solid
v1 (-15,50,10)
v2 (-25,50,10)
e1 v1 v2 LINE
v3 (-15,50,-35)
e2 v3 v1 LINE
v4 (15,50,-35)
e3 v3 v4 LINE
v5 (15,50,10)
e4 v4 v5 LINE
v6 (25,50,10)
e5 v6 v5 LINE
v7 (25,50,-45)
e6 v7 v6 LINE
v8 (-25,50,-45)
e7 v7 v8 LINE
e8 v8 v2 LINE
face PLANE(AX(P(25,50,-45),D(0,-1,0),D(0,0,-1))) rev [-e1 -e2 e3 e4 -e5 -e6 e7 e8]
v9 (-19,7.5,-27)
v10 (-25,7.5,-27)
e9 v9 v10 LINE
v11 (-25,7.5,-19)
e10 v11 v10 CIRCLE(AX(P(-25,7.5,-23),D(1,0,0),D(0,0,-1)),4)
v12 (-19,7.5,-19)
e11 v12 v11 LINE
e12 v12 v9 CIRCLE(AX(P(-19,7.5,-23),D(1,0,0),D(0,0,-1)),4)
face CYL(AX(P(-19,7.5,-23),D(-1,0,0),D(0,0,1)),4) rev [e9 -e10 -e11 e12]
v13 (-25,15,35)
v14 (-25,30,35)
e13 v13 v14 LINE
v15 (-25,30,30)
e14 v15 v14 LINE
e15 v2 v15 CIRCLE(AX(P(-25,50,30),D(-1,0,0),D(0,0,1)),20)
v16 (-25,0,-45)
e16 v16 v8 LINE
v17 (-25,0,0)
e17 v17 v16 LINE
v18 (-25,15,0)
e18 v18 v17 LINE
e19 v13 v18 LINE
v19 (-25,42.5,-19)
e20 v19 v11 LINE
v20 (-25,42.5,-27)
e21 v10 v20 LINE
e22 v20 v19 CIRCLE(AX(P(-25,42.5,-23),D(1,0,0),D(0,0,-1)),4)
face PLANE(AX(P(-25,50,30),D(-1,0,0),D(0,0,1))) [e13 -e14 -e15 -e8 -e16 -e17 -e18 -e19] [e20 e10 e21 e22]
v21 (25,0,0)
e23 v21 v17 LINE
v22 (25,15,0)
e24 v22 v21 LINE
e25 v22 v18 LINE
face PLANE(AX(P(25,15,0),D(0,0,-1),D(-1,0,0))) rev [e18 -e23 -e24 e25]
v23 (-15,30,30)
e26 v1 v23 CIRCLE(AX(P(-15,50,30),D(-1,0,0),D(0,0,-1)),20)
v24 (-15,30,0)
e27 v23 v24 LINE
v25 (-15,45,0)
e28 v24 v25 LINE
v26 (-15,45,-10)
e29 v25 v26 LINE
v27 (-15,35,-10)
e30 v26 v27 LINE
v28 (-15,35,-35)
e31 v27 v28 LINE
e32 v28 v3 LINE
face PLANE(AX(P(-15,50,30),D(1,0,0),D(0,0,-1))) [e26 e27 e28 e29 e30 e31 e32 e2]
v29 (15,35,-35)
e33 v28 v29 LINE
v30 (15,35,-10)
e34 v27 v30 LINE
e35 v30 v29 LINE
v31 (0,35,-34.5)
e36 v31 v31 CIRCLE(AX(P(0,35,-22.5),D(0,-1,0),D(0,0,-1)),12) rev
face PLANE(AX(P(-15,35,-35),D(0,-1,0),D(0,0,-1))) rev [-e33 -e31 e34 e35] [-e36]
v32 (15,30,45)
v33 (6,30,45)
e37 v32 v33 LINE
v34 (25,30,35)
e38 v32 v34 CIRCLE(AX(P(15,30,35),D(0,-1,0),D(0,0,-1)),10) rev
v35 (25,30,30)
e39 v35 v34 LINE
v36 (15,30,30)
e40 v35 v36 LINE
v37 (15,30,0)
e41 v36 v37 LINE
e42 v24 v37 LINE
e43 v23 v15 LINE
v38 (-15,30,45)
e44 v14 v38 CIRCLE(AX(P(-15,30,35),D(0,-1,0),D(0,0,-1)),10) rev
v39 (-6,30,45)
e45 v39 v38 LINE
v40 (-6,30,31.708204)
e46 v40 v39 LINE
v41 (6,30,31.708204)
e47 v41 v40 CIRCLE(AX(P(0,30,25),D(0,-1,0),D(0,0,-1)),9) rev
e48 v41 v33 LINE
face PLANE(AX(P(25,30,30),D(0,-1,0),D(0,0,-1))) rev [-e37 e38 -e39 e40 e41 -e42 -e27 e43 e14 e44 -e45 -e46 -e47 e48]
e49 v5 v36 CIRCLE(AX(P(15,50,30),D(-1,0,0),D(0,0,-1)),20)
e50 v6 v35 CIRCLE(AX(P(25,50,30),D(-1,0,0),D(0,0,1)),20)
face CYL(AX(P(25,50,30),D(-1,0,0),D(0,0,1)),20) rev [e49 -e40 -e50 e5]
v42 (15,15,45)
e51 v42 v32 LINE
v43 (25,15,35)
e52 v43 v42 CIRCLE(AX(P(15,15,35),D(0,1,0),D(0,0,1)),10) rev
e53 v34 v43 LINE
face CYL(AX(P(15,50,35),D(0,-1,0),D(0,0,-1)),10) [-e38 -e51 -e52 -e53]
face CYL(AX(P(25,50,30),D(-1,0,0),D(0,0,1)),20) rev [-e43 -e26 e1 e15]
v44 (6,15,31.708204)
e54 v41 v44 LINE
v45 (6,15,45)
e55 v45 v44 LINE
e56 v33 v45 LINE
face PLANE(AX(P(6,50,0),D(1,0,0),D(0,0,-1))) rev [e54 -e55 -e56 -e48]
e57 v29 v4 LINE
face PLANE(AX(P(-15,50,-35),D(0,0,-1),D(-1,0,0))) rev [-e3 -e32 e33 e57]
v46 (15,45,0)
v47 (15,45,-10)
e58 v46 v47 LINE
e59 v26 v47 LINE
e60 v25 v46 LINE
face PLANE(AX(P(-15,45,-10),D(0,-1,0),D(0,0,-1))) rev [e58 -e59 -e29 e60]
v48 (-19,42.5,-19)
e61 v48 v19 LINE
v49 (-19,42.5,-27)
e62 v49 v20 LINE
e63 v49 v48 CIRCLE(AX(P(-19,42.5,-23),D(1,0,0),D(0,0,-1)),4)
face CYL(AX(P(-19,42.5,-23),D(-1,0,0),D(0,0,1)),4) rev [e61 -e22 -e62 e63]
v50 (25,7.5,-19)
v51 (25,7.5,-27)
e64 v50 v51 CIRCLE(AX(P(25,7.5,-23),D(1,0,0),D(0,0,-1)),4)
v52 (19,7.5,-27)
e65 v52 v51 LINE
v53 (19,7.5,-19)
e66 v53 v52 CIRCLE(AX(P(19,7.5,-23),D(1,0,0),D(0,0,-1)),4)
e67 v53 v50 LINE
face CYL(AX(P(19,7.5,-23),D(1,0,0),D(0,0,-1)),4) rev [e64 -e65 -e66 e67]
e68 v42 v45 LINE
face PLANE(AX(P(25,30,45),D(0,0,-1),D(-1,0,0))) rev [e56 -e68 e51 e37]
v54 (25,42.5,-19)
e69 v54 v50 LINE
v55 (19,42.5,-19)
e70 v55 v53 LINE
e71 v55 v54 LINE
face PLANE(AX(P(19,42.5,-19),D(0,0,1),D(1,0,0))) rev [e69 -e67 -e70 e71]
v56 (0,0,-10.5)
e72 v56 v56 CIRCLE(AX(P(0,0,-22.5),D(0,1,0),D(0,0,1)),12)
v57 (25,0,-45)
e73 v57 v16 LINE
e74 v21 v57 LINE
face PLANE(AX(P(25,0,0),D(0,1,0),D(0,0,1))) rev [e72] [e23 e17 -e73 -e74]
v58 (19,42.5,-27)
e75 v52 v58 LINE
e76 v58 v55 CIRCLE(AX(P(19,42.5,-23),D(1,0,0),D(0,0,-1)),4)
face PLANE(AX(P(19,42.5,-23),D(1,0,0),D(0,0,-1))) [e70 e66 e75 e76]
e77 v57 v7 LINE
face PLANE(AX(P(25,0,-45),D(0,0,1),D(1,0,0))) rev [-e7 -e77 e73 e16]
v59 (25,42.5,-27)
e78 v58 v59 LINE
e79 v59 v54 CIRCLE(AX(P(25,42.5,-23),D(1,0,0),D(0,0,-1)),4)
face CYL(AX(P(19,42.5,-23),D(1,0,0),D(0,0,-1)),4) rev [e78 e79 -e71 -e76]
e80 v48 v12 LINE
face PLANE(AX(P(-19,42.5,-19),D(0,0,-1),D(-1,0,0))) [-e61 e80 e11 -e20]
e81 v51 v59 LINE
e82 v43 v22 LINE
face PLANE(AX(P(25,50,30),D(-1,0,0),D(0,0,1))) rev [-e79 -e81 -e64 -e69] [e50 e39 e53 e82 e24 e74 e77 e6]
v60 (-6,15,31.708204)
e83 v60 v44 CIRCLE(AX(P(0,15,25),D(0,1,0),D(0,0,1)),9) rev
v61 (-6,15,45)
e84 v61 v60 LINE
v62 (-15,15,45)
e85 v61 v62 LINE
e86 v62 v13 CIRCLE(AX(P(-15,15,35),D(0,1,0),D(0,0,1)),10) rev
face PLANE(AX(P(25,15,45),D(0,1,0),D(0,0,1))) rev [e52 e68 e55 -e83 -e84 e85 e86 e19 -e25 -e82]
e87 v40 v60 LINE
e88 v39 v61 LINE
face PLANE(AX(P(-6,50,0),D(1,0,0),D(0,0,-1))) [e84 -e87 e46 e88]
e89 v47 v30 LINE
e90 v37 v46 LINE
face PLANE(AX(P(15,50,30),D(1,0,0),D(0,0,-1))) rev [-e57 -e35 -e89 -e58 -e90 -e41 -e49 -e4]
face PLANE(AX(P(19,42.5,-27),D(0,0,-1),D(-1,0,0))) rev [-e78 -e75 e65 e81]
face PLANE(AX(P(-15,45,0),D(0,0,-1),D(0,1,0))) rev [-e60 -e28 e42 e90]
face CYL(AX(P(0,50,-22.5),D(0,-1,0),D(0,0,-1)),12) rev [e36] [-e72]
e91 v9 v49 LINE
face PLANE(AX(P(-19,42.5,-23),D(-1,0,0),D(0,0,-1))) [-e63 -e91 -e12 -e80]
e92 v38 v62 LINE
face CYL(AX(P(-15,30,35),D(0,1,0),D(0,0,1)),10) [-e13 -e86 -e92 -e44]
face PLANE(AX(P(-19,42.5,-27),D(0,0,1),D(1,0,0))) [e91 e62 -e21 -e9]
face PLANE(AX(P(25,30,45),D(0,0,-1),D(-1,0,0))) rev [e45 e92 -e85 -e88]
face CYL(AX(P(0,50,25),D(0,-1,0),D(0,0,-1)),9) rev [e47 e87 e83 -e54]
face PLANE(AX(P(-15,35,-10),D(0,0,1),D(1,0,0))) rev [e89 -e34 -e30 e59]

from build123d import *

# Parameters (mm, degrees)
BOSS_EXTRUDE3_DEPTH = 25
CUT_EXTRUDE3_DEPTH  = 15
SKETCH9_R           = 12
SKETCH9_R_2         = 9
CUT_EXTRUDE4_DEPTH  = 72.763500472
CUT_EXTRUDE5_DEPTH  = 6
FILLET2_R           = 10


with BuildPart() as part:
    # Sketch6 → Boss-Extrude3 (new, symmetric)
    with BuildSketch(Plane(origin=(0, 0, 0), x_dir=(0, 0, -1), z_dir=(1, 0, 0))):
        with BuildLine():
            Line((0, 0), (45, 0))
            Line((45, 0), (45, 50))
            Line((45, 50), (-10, 50))
            ThreePointArc((-10, 50), (-15.857864376, 35.857864376), (-30, 30))
            Line((-30, 30), (-45, 30))
            Line((-45, 30), (-45, 15))
            Line((-45, 15), (0, 15))
            Line((0, 15), (0, 0))
        make_face()
    extrude(amount=BOSS_EXTRUDE3_DEPTH, both=True)

    # Sketch8 → Cut-Extrude3 (cut, symmetric)
    with BuildSketch(Plane(origin=(0, 0, 0), x_dir=(0, 0, -1), z_dir=(1, 0, 0))):
        with BuildLine():
            Line((35, 50), (35, 35))
            Line((35, 35), (10, 35))
            Line((10, 35), (10, 45))
            Line((10, 45), (0, 45))
            Line((0, 45), (0, 30))
            Line((0, 30), (-30, 30))
            ThreePointArc((-30, 30), (-15.857864376, 35.857864376), (-10, 50))
            Line((-10, 50), (35, 50))
        make_face()
    extrude(amount=CUT_EXTRUDE3_DEPTH, both=True, mode=Mode.SUBTRACT)

    # Sketch9 → Cut-Extrude4 (cut, through all)
    with BuildSketch(Plane(origin=(0, 0, 0), x_dir=(1, 0, 0), z_dir=(0, 1, 0))):
        with Locations(Location((0, 22.5, 0), (0, 0, 90))):
            Circle(SKETCH9_R)
        with Locations((0, -25)):
            Circle(SKETCH9_R_2)
        with BuildLine():
            ThreePointArc((6, -31.708203932), (0, -34), (-6, -31.708203932))
            Line((-6, -31.708203932), (-6, -45))
            Line((-6, -45), (6, -45))
            Line((6, -45), (6, -31.708203932))
        make_face()
    extrude(amount=CUT_EXTRUDE4_DEPTH, mode=Mode.SUBTRACT)

    # Sketch14 → Cut-Extrude5 (cut)
    with BuildSketch(Plane(origin=(25, 0, 0), x_dir=(0, 0, -1), z_dir=(1, 0, 0))):
        with BuildLine():
            Line((27, 42.5), (27, 7.5))
            ThreePointArc((27, 7.5), (23, 3.5), (19, 7.5))
            Line((19, 7.5), (19, 42.5))
            ThreePointArc((19, 42.5), (23, 46.5), (27, 42.5))
        make_face()
    cut_extrude5 = extrude(amount=-CUT_EXTRUDE5_DEPTH, mode=Mode.SUBTRACT)

    # Mirror1: Cut-Extrude5 across plane
    add(cut_extrude5.mirror(Plane(origin=(0, 0, 0), x_dir=(0, 0, 1), z_dir=(1, 0, 0))), mode=Mode.SUBTRACT)

    # Fillet2
    fillet2_edges = [part.edges().sort_by_distance(p)[0] for p in [
        (25, 22.5, 45),
        (-25, 22.5, 45),
    ]]
    fillet(fillet2_edges, radius=FILLET2_R)


solid = part.part
